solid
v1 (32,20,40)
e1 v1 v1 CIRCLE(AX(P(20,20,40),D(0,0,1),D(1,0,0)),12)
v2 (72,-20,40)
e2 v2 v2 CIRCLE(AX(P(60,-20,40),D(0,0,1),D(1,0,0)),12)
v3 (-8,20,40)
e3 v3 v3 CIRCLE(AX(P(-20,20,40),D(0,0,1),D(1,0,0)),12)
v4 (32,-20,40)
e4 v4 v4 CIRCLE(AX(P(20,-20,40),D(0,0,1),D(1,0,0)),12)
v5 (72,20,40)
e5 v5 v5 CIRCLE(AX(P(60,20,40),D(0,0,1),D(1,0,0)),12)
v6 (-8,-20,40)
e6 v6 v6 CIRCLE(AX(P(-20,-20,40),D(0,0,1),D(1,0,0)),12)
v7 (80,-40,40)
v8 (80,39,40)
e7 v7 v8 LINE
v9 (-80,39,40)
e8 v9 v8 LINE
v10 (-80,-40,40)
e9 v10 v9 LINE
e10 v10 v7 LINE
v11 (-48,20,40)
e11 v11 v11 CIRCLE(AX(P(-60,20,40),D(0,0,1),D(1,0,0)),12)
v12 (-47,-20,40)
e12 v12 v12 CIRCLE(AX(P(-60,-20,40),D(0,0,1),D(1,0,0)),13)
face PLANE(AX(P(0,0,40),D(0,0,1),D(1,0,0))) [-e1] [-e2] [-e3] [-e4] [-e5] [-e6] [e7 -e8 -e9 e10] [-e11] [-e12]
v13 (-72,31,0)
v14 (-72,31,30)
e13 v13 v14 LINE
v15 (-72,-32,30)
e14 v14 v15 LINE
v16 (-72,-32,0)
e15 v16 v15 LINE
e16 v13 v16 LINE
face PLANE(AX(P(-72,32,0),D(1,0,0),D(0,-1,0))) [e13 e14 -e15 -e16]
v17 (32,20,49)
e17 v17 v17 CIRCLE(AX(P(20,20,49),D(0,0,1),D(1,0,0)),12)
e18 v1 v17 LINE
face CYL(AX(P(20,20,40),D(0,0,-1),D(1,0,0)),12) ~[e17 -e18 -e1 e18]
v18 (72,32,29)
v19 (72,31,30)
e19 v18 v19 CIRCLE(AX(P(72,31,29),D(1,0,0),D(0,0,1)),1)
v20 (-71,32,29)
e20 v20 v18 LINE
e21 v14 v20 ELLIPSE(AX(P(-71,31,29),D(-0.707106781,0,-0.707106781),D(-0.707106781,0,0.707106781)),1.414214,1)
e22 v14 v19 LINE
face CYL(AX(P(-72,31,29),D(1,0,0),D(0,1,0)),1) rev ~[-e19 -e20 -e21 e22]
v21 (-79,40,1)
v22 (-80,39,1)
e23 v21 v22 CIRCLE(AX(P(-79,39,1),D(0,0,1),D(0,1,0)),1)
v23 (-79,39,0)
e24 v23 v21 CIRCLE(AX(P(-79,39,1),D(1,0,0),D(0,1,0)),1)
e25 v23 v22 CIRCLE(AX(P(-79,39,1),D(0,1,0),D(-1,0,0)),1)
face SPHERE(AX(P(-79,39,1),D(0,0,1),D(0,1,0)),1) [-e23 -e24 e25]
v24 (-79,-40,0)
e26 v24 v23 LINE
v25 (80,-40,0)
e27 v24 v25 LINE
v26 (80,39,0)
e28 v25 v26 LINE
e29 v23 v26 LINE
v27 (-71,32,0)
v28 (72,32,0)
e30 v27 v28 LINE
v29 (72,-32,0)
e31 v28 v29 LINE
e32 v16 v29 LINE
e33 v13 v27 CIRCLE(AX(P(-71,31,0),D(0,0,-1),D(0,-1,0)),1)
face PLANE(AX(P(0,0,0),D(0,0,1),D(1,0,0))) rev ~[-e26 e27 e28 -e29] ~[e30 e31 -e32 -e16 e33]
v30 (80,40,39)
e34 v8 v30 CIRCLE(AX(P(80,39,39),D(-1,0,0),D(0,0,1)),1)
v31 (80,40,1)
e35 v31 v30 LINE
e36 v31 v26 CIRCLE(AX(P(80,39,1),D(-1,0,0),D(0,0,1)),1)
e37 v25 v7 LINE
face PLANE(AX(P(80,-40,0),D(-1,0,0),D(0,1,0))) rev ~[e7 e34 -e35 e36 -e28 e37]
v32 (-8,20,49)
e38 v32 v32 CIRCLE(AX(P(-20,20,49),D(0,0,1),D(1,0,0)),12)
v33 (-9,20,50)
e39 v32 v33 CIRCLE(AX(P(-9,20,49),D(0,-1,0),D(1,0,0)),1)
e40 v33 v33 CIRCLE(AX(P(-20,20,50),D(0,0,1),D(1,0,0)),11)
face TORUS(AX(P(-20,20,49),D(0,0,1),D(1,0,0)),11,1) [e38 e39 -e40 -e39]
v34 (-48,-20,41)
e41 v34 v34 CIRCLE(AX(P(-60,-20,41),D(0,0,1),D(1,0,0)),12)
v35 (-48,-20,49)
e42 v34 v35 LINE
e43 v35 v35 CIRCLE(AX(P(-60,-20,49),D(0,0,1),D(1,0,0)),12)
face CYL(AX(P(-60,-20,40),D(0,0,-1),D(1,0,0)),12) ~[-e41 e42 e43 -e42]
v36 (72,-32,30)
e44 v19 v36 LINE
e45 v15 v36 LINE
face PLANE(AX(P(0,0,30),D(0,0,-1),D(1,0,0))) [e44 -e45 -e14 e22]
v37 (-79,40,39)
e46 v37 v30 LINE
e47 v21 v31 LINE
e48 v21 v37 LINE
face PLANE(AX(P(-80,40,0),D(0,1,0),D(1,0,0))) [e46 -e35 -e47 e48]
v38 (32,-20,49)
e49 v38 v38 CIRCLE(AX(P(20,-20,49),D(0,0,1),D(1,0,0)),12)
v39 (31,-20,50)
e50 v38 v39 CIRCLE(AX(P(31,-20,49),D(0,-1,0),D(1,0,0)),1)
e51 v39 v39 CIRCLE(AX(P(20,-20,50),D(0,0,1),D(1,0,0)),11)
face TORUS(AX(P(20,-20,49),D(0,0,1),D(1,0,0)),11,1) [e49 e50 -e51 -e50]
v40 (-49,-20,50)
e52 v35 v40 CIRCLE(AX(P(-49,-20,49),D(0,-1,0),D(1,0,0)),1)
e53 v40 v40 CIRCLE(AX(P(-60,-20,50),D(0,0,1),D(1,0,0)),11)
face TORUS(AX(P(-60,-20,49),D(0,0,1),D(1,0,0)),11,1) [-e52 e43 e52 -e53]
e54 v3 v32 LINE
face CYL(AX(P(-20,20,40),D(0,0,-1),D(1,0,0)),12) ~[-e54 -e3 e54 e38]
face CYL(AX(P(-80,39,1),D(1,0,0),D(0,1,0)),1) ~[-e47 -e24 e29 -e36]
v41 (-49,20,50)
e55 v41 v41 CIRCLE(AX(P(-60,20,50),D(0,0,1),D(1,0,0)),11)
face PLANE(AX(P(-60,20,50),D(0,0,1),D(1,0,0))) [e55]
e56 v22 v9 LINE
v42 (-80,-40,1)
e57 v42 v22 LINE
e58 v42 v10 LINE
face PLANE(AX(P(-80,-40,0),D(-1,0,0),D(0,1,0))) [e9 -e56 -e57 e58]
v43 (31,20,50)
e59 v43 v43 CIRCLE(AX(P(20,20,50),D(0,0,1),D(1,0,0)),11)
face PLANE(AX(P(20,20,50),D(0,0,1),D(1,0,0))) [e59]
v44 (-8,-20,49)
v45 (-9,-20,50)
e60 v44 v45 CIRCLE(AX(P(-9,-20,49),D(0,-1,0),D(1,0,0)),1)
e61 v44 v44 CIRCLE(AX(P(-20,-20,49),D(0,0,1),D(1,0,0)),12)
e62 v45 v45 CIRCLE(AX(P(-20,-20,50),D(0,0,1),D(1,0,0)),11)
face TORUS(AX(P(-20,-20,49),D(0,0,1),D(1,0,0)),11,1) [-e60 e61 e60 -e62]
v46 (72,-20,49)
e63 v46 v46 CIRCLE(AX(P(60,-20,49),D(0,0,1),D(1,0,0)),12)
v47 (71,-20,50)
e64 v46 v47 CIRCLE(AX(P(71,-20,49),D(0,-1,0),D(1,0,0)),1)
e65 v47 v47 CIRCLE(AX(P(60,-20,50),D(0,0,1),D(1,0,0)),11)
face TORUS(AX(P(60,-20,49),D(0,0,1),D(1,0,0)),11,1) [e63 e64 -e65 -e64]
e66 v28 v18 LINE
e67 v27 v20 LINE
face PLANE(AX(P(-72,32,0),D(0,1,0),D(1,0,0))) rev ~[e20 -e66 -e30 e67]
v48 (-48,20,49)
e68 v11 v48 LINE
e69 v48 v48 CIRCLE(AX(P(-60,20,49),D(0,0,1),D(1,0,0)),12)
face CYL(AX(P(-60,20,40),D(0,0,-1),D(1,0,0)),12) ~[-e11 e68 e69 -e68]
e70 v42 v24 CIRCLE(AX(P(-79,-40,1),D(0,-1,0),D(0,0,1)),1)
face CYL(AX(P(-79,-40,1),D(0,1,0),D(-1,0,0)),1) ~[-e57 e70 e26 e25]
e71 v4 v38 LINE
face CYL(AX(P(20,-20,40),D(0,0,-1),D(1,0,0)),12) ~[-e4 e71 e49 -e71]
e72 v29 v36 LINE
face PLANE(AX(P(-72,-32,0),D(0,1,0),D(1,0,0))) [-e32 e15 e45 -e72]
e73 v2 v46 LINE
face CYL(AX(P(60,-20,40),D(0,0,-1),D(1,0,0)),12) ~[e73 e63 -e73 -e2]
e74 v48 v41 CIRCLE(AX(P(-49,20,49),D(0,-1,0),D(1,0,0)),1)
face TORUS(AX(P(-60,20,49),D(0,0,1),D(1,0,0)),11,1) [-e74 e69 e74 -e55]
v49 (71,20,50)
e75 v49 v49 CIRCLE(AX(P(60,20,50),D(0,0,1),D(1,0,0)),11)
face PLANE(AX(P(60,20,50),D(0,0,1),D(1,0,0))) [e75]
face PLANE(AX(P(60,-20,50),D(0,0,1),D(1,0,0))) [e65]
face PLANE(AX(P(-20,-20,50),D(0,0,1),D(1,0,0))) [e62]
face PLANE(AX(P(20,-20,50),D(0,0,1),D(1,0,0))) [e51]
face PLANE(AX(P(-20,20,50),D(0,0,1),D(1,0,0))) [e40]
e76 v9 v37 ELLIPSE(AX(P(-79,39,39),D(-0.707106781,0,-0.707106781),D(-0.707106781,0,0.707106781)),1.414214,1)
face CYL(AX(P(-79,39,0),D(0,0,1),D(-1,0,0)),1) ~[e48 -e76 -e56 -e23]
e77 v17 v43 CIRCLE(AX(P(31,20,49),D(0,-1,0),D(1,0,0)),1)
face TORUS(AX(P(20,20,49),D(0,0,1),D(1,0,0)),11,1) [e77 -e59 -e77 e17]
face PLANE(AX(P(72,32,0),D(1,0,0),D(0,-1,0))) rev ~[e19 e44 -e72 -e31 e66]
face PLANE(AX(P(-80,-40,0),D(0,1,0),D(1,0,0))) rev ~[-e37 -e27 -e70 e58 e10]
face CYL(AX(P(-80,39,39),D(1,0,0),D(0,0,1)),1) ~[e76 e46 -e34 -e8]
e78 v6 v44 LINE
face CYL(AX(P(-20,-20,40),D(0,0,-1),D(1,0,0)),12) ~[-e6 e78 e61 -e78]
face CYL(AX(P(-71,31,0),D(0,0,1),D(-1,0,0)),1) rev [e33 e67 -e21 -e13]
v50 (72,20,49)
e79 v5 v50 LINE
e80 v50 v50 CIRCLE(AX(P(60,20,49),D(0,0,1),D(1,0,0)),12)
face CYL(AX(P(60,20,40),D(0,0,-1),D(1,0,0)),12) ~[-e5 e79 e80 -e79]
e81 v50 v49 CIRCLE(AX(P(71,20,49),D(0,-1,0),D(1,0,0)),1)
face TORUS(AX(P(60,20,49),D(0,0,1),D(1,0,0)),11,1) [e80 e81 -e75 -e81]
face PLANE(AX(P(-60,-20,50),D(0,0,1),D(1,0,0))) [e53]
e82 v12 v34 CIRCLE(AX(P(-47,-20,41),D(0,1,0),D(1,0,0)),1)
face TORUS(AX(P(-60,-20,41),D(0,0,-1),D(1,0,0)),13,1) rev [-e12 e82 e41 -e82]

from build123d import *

# Parameters (mm, degrees)
F0_W     = 160
F0_H     = 80
F1_DEPTH = 40
F2_W     = 144
F2_H     = 64
F3_DEPTH = 30
F4_R     = 12
F5_DEPTH = 10
F6_R     = 1
F7_R     = 1
F8_R     = 1
F9_R     = 1


with BuildPart() as f1:
    # F0 (on Top) → F1 (new body)
    with BuildSketch(Plane.XY):
        Rectangle(F0_W, F0_H)
    extrude(amount=F1_DEPTH)

    # F2 (on face) → F3 (cut)
    with BuildSketch(Plane(origin=(0, 0, 0), x_dir=(1, 0, 0), z_dir=(0, 0, -1))):
        Rectangle(F2_W, F2_H)
    extrude(amount=-F3_DEPTH, mode=Mode.SUBTRACT)

    # F4 (on face) → F5 (join)
    with BuildSketch(Plane.XY.offset(40)):
        with Locations((-60, 20)):
            Circle(F4_R)
        with Locations((-60, -20)):
            Circle(F4_R)
        with Locations((-20, 20)):
            Circle(F4_R)
        with Locations((-20, -20)):
            Circle(F4_R)
        with Locations((20, 20)):
            Circle(F4_R)
        with Locations((20, -20)):
            Circle(F4_R)
        with Locations((60, 20)):
            Circle(F4_R)
        with Locations((60, -20)):
            Circle(F4_R)
    extrude(amount=F5_DEPTH)

    # F6
    f6_edges = [f1.edges().sort_by_distance(p)[0] for p in [
        (-72, 20, 50),
    ]]
    fillet(f6_edges, radius=F6_R)

    # F7
    f7_edges = [f1.edges().sort_by_distance(p)[0] for p in [
        (-32, 20, 50),
    ]]
    fillet(f7_edges, radius=F7_R)

    # F8
    f8_edges = [f1.edges().sort_by_distance(p)[0] for p in [
        (8, 20, 50),
        (48, 20, 50),
    ]]
    fillet(f8_edges, radius=F8_R)

    # F9
    f9_edges = [f1.edges().sort_by_distance(p)[0] for p in [
        (-48, -20, 45),
        (-72, -20, 40),
        (-72, -20, 50),
        (-32, -20, 50),
        (8, -20, 50),
        (48, -20, 50),
        (-80, 40, 20),
        (0, 40, 0),
        (0, 40, 40),
        (-80, 0, 0),
        (-72, 32, 15),
        (0, 32, 30),
    ]]
    fillet(f9_edges, radius=F9_R)


solid = f1.part
